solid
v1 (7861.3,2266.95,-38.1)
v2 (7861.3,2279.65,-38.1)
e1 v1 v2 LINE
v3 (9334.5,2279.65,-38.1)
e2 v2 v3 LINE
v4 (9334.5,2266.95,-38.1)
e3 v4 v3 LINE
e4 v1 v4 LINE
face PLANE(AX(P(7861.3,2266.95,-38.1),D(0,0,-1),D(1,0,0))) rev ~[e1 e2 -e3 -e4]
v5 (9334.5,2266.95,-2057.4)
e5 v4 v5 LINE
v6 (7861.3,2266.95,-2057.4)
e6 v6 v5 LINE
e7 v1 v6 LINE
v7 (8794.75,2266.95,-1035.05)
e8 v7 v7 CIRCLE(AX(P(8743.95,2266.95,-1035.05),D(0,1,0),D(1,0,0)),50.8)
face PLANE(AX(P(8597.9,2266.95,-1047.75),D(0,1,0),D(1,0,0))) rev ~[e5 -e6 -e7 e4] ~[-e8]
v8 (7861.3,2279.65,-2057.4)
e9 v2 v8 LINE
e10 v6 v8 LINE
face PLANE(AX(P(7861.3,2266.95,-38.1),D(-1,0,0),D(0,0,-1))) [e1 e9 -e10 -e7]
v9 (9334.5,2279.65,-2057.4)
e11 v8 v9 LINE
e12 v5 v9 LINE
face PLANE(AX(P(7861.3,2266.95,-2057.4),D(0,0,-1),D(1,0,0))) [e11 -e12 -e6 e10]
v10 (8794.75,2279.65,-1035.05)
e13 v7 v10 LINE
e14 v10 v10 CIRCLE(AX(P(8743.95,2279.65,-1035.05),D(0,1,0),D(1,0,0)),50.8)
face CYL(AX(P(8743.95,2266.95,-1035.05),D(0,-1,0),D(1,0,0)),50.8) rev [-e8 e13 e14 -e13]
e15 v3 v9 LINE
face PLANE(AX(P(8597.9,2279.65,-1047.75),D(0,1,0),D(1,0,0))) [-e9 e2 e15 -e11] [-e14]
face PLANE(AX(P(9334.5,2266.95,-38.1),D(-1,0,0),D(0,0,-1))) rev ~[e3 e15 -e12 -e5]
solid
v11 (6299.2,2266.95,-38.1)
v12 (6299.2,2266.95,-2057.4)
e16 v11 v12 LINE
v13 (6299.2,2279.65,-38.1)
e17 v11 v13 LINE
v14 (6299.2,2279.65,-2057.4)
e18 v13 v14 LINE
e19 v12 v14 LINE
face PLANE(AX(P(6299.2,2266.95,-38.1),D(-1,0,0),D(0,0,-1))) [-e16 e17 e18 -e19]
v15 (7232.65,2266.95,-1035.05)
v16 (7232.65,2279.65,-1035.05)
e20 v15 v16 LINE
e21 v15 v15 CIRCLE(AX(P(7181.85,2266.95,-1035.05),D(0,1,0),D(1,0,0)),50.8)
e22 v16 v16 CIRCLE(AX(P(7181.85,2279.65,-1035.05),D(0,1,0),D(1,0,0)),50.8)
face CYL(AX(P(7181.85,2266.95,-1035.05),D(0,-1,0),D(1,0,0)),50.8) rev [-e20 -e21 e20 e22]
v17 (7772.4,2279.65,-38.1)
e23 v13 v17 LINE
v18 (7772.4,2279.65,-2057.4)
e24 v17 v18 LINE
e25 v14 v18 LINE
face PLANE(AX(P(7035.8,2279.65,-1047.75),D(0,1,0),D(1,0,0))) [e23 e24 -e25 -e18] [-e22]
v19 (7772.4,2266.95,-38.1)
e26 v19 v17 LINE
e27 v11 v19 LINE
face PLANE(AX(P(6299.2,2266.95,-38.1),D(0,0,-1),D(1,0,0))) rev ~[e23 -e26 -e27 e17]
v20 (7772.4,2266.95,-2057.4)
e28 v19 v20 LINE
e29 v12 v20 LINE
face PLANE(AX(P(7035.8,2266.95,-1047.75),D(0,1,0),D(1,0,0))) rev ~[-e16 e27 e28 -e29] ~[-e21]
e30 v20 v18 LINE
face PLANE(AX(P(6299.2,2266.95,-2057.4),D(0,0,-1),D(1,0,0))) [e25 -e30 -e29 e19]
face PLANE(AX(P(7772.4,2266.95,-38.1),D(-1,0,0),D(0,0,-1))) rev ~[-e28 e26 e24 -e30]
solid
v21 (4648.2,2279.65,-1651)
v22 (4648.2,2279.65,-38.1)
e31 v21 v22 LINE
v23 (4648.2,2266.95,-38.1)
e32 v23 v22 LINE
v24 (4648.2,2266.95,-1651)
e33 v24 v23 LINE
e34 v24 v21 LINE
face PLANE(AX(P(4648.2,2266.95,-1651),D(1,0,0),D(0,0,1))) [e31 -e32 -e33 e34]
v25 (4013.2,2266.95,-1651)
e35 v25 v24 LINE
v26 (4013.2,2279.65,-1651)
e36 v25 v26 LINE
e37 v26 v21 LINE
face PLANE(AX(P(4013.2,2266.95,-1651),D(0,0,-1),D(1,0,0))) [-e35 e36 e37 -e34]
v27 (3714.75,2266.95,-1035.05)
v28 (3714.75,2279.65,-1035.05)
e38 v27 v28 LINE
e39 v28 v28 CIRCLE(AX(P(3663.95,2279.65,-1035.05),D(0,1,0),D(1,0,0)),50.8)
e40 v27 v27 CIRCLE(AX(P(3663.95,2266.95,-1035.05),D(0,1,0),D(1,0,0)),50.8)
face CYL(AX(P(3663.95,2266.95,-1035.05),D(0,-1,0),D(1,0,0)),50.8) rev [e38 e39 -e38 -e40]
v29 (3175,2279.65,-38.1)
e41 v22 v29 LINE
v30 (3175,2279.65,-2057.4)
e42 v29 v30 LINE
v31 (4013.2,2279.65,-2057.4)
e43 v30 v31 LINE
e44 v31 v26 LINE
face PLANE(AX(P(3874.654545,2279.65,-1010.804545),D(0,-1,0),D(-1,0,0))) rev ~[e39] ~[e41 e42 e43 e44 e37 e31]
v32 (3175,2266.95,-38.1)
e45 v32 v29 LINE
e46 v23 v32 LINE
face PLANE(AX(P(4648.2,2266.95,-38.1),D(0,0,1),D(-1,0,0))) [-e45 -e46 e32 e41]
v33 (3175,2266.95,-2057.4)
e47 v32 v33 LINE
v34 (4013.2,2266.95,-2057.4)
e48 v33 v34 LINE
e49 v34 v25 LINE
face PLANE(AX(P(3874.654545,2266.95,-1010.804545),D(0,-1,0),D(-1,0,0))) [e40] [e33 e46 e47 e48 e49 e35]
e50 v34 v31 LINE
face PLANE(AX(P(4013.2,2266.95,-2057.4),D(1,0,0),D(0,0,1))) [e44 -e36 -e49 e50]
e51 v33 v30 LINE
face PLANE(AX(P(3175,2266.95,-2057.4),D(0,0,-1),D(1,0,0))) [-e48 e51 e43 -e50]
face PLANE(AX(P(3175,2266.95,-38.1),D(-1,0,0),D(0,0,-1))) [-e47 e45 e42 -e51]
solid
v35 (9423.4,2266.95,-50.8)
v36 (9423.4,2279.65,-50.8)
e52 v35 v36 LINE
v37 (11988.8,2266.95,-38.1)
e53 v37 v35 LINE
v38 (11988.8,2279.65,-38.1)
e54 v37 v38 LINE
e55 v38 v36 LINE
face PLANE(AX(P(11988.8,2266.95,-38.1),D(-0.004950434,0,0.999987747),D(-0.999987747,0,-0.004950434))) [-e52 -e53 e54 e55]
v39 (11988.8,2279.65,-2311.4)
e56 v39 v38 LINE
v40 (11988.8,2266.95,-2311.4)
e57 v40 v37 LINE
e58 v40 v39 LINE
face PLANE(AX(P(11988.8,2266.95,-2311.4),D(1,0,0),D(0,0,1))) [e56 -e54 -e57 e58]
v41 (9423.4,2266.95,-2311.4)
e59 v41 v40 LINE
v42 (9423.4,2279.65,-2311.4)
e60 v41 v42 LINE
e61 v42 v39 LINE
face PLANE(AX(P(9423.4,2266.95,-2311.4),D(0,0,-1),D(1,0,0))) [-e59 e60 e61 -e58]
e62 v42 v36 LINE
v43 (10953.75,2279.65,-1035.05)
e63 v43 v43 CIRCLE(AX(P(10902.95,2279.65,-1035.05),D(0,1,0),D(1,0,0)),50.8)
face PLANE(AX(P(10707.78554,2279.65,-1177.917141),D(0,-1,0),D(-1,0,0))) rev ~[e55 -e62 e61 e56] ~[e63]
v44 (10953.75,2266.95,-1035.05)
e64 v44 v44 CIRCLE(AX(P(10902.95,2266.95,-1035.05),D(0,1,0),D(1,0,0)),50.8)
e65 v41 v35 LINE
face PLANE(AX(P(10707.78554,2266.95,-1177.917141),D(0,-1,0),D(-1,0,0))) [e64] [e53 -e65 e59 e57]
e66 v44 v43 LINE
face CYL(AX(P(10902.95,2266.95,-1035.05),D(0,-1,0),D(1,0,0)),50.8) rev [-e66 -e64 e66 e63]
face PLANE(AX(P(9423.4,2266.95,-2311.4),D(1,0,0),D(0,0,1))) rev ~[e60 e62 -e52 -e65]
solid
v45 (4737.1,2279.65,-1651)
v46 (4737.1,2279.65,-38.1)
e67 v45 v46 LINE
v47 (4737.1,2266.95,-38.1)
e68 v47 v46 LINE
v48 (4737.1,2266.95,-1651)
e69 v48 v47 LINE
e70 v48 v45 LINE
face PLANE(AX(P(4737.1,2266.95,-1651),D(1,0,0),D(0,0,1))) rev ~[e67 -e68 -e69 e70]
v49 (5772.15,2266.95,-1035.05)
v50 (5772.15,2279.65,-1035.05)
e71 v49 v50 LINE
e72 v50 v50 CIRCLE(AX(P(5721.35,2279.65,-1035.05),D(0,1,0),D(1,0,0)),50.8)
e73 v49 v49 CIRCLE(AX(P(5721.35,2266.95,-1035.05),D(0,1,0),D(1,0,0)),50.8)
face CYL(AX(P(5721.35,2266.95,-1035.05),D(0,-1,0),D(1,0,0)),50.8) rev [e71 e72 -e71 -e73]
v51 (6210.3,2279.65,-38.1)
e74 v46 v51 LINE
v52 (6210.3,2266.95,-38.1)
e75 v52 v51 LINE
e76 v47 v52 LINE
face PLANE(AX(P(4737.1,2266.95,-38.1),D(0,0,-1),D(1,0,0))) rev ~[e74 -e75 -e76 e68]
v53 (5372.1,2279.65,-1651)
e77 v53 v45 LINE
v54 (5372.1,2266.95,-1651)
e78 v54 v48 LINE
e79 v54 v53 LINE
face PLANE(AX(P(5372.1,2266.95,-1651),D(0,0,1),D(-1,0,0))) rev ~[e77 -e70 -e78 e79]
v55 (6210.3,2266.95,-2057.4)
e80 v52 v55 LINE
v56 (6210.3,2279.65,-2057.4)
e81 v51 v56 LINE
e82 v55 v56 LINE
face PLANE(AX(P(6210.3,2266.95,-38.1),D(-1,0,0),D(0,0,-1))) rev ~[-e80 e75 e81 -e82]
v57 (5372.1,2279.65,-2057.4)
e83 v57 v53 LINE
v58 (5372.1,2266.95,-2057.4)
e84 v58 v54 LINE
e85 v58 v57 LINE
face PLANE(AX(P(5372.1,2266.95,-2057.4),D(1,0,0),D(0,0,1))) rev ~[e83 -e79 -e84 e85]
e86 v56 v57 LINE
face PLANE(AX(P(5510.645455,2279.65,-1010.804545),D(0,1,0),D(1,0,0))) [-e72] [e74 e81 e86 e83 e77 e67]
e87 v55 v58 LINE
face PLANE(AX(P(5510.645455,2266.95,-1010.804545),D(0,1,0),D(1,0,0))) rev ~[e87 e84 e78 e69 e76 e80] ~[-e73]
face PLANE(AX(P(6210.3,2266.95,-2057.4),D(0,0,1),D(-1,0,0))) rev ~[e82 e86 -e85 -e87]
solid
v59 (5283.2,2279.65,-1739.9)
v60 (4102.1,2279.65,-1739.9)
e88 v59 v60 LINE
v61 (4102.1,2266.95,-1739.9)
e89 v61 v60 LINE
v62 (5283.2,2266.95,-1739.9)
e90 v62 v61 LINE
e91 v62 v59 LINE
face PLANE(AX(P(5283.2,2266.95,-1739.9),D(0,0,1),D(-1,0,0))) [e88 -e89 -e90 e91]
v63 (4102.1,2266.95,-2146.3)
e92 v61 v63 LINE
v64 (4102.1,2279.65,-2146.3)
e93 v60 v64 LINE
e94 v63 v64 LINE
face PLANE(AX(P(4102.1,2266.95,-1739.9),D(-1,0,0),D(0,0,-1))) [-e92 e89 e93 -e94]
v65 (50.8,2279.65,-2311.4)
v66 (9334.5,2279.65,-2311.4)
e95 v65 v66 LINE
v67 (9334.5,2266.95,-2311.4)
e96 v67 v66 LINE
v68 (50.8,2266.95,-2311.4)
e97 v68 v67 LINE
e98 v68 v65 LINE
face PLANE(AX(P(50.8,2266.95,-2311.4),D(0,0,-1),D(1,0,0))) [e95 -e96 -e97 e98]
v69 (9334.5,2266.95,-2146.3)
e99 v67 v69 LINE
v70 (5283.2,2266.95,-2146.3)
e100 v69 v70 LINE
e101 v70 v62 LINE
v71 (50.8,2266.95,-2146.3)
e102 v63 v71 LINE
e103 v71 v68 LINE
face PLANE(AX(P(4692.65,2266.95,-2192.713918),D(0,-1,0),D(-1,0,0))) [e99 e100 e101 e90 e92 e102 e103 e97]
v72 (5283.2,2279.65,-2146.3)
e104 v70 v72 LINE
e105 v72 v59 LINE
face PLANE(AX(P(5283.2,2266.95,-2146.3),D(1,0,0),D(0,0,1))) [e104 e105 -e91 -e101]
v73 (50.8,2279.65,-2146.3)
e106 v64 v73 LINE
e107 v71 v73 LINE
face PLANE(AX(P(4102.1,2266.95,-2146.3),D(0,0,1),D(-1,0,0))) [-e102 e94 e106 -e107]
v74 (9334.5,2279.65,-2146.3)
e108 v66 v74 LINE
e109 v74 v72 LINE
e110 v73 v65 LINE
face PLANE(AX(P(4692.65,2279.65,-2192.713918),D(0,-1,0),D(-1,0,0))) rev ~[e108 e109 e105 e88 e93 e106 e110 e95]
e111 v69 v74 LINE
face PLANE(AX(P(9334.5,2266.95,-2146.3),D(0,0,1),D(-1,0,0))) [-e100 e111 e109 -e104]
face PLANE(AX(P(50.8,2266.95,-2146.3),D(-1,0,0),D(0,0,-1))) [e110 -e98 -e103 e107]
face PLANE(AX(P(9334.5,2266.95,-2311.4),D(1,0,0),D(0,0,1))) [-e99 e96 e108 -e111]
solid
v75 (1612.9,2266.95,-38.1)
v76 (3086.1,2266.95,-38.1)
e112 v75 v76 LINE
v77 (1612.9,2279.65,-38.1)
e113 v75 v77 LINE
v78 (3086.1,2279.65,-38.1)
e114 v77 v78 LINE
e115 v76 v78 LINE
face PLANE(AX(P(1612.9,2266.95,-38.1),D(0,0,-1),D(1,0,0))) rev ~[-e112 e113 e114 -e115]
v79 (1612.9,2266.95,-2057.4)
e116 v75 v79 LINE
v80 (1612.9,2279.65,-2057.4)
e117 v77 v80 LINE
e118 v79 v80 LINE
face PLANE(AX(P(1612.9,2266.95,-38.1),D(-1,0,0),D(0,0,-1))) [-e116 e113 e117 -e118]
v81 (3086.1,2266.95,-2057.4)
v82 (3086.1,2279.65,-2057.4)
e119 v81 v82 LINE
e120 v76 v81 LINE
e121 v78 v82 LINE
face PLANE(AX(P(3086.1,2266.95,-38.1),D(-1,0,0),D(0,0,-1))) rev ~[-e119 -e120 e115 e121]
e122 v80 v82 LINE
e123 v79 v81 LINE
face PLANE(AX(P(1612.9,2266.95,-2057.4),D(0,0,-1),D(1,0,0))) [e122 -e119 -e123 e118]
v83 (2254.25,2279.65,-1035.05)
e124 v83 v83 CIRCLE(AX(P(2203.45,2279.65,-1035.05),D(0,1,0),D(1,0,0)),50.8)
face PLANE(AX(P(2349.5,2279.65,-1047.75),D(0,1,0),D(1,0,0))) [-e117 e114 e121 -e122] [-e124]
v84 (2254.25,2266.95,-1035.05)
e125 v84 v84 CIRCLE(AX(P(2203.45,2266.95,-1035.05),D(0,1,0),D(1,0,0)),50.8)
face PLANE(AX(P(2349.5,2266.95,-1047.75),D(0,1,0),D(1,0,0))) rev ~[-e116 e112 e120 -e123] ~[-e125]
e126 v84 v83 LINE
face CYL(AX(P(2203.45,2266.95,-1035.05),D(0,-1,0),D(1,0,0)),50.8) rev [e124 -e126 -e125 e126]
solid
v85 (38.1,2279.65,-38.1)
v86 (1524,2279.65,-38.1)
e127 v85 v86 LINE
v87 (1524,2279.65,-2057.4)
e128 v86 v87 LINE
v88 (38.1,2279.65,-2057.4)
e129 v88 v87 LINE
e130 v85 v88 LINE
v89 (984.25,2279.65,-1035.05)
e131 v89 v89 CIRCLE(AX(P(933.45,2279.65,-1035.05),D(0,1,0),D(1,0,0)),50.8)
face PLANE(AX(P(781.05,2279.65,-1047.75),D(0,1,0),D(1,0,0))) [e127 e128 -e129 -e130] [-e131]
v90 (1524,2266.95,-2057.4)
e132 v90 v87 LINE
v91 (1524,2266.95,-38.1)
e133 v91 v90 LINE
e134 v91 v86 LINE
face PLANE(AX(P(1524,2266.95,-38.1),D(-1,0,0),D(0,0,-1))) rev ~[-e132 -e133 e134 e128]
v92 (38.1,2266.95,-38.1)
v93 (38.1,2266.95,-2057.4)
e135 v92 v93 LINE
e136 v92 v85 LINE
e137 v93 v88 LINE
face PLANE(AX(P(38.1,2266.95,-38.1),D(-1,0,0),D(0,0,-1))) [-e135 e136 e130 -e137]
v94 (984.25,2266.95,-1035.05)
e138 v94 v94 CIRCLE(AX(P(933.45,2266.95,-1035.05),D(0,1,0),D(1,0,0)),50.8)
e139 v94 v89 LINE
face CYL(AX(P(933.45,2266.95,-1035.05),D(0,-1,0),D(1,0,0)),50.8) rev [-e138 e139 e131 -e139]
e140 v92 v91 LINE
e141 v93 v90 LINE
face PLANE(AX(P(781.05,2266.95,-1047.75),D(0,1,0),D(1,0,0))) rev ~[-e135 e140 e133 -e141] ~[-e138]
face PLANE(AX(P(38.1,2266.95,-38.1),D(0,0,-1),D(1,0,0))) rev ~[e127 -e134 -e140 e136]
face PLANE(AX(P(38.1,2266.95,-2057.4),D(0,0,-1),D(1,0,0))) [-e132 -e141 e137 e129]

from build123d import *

# Parameters (mm, degrees)
SKETCH1_W             = 1485.9
SKETCH1_H             = 2019.3
BOSS_EXTRUDE1_DEPTH   = 12.7
SKETCH1_W_2           = 1473.2
BOSS_EXTRUDE1_2_DEPTH = 12.7
BOSS_EXTRUDE1_3_DEPTH = 12.7
BOSS_EXTRUDE1_4_DEPTH = 12.7
BOSS_EXTRUDE1_5_DEPTH = 12.7
BOSS_EXTRUDE1_6_DEPTH = 12.7
BOSS_EXTRUDE1_7_DEPTH = 12.7
BOSS_EXTRUDE1_8_DEPTH = 12.7
SKETCH3_R             = 50.8
CUT_EXTRUDE1_DEPTH    = 12.7


with BuildPart() as part:
    # Sketch1 → Boss-Extrude1 (new body)
    with BuildSketch(Plane(origin=(0, 2266.95, 0), x_dir=(1, 0, 0), z_dir=(0, 1, 0))):
        with Locations((781.05, 1047.75)):
            Rectangle(SKETCH1_W, SKETCH1_H)
    extrude(amount=BOSS_EXTRUDE1_DEPTH)


with BuildPart() as body_2:
    # Sketch1 → Boss-Extrude1 2 (new body)
    with BuildSketch(Plane(origin=(0, 2266.95, 0), x_dir=(1, 0, 0), z_dir=(0, 1, 0))):
        with Locations((2349.5, 1047.75)):
            Rectangle(SKETCH1_W_2, SKETCH1_H)
    extrude(amount=BOSS_EXTRUDE1_2_DEPTH)


with BuildPart() as body_3:
    # Sketch1 → Boss-Extrude1 3 (new body)
    with BuildSketch(Plane(origin=(0, 2266.95, 0), x_dir=(1, 0, 0), z_dir=(0, 1, 0))):
        Polygon((4102.1, 2146.3), (50.8, 2146.3), (50.8, 2311.4), (9334.5, 2311.4), (9334.5, 2146.3), (5283.2, 2146.3), (5283.2, 1739.9), (4102.1, 1739.9), align=None)
    extrude(amount=BOSS_EXTRUDE1_3_DEPTH)


with BuildPart() as body_4:
    # Sketch1 → Boss-Extrude1 4 (new body)
    with BuildSketch(Plane(origin=(0, 2266.95, 0), x_dir=(1, 0, 0), z_dir=(0, 1, 0))):
        Polygon((3175, 38.1), (3175, 2057.4), (4013.2, 2057.4), (4013.2, 1651), (4648.2, 1651), (4648.2, 38.1), align=None)
    extrude(amount=BOSS_EXTRUDE1_4_DEPTH)


with BuildPart() as body_5:
    # Sketch1 → Boss-Extrude1 5 (new body)
    with BuildSketch(Plane(origin=(0, 2266.95, 0), x_dir=(1, 0, 0), z_dir=(0, 1, 0))):
        Polygon((5372.1, 2057.4), (5372.1, 1651), (4737.1, 1651), (4737.1, 38.1), (6210.3, 38.1), (6210.3, 2057.4), align=None)
    extrude(amount=BOSS_EXTRUDE1_5_DEPTH)


with BuildPart() as body_6:
    # Sketch1 → Boss-Extrude1 6 (new body)
    with BuildSketch(Plane(origin=(0, 2266.95, 0), x_dir=(1, 0, 0), z_dir=(0, 1, 0))):
        with Locations((7035.8, 1047.75)):
            Rectangle(SKETCH1_W_2, SKETCH1_H)
    extrude(amount=BOSS_EXTRUDE1_6_DEPTH)


with BuildPart() as body_7:
    # Sketch1 → Boss-Extrude1 7 (new body)
    with BuildSketch(Plane(origin=(0, 2266.95, 0), x_dir=(1, 0, 0), z_dir=(0, 1, 0))):
        with Locations((8597.9, 1047.75)):
            Rectangle(SKETCH1_W_2, SKETCH1_H)
    extrude(amount=BOSS_EXTRUDE1_7_DEPTH)


with BuildPart() as body_8:
    # Sketch1 → Boss-Extrude1 8 (new body)
    with BuildSketch(Plane(origin=(0, 2266.95, 0), x_dir=(1, 0, 0), z_dir=(0, 1, 0))):
        Polygon((9423.4, 50.8), (9423.4, 2146.3), (9423.4, 2311.4), (11988.8, 2311.4), (11988.8, 38.1), align=None)
    extrude(amount=BOSS_EXTRUDE1_8_DEPTH)


with BuildPart() as cut_extrude1_tool:
    # Sketch3 → Cut-Extrude1 (new body)
    with BuildSketch(Plane(origin=(0, 2266.95, 0), x_dir=(1, 0, 0), z_dir=(0, 1, 0))):
        with Locations((933.45, 1035.05)):
            Circle(SKETCH3_R)
        with Locations((2203.45, 1035.05)):
            Circle(SKETCH3_R)
        with Locations((5721.35, 1035.05)):
            Circle(SKETCH3_R)
        with Locations((3663.95, 1035.05)):
            Circle(SKETCH3_R)
        with Locations((7181.85, 1035.05)):
            Circle(SKETCH3_R)
        with Locations((8743.95, 1035.05)):
            Circle(SKETCH3_R)
        with Locations((10902.95, 1035.05)):
            Circle(SKETCH3_R)
    extrude(amount=CUT_EXTRUDE1_DEPTH)


with BuildPart() as part_1:
    add(part.part)

    # Cut-Extrude1: cut by cut_extrude1_tool
    add(cut_extrude1_tool.part, mode=Mode.SUBTRACT)


with BuildPart() as body_2_1:
    add(body_2.part)

    # Cut-Extrude1: cut by cut_extrude1_tool
    add(cut_extrude1_tool.part, mode=Mode.SUBTRACT)


with BuildPart() as body_4_1:
    add(body_4.part)

    # Cut-Extrude1: cut by cut_extrude1_tool
    add(cut_extrude1_tool.part, mode=Mode.SUBTRACT)


with BuildPart() as body_5_1:
    add(body_5.part)

    # Cut-Extrude1: cut by cut_extrude1_tool
    add(cut_extrude1_tool.part, mode=Mode.SUBTRACT)


with BuildPart() as body_6_1:
    add(body_6.part)

    # Cut-Extrude1: cut by cut_extrude1_tool
    add(cut_extrude1_tool.part, mode=Mode.SUBTRACT)


with BuildPart() as body_7_1:
    add(body_7.part)

    # Cut-Extrude1: cut by cut_extrude1_tool
    add(cut_extrude1_tool.part, mode=Mode.SUBTRACT)


with BuildPart() as body_8_1:
    add(body_8.part)

    # Cut-Extrude1: cut by cut_extrude1_tool
    add(cut_extrude1_tool.part, mode=Mode.SUBTRACT)


solid = Compound([body_3.part, part_1.part, body_2_1.part, body_4_1.part, body_5_1.part, body_6_1.part, body_7_1.part, body_8_1.part])
